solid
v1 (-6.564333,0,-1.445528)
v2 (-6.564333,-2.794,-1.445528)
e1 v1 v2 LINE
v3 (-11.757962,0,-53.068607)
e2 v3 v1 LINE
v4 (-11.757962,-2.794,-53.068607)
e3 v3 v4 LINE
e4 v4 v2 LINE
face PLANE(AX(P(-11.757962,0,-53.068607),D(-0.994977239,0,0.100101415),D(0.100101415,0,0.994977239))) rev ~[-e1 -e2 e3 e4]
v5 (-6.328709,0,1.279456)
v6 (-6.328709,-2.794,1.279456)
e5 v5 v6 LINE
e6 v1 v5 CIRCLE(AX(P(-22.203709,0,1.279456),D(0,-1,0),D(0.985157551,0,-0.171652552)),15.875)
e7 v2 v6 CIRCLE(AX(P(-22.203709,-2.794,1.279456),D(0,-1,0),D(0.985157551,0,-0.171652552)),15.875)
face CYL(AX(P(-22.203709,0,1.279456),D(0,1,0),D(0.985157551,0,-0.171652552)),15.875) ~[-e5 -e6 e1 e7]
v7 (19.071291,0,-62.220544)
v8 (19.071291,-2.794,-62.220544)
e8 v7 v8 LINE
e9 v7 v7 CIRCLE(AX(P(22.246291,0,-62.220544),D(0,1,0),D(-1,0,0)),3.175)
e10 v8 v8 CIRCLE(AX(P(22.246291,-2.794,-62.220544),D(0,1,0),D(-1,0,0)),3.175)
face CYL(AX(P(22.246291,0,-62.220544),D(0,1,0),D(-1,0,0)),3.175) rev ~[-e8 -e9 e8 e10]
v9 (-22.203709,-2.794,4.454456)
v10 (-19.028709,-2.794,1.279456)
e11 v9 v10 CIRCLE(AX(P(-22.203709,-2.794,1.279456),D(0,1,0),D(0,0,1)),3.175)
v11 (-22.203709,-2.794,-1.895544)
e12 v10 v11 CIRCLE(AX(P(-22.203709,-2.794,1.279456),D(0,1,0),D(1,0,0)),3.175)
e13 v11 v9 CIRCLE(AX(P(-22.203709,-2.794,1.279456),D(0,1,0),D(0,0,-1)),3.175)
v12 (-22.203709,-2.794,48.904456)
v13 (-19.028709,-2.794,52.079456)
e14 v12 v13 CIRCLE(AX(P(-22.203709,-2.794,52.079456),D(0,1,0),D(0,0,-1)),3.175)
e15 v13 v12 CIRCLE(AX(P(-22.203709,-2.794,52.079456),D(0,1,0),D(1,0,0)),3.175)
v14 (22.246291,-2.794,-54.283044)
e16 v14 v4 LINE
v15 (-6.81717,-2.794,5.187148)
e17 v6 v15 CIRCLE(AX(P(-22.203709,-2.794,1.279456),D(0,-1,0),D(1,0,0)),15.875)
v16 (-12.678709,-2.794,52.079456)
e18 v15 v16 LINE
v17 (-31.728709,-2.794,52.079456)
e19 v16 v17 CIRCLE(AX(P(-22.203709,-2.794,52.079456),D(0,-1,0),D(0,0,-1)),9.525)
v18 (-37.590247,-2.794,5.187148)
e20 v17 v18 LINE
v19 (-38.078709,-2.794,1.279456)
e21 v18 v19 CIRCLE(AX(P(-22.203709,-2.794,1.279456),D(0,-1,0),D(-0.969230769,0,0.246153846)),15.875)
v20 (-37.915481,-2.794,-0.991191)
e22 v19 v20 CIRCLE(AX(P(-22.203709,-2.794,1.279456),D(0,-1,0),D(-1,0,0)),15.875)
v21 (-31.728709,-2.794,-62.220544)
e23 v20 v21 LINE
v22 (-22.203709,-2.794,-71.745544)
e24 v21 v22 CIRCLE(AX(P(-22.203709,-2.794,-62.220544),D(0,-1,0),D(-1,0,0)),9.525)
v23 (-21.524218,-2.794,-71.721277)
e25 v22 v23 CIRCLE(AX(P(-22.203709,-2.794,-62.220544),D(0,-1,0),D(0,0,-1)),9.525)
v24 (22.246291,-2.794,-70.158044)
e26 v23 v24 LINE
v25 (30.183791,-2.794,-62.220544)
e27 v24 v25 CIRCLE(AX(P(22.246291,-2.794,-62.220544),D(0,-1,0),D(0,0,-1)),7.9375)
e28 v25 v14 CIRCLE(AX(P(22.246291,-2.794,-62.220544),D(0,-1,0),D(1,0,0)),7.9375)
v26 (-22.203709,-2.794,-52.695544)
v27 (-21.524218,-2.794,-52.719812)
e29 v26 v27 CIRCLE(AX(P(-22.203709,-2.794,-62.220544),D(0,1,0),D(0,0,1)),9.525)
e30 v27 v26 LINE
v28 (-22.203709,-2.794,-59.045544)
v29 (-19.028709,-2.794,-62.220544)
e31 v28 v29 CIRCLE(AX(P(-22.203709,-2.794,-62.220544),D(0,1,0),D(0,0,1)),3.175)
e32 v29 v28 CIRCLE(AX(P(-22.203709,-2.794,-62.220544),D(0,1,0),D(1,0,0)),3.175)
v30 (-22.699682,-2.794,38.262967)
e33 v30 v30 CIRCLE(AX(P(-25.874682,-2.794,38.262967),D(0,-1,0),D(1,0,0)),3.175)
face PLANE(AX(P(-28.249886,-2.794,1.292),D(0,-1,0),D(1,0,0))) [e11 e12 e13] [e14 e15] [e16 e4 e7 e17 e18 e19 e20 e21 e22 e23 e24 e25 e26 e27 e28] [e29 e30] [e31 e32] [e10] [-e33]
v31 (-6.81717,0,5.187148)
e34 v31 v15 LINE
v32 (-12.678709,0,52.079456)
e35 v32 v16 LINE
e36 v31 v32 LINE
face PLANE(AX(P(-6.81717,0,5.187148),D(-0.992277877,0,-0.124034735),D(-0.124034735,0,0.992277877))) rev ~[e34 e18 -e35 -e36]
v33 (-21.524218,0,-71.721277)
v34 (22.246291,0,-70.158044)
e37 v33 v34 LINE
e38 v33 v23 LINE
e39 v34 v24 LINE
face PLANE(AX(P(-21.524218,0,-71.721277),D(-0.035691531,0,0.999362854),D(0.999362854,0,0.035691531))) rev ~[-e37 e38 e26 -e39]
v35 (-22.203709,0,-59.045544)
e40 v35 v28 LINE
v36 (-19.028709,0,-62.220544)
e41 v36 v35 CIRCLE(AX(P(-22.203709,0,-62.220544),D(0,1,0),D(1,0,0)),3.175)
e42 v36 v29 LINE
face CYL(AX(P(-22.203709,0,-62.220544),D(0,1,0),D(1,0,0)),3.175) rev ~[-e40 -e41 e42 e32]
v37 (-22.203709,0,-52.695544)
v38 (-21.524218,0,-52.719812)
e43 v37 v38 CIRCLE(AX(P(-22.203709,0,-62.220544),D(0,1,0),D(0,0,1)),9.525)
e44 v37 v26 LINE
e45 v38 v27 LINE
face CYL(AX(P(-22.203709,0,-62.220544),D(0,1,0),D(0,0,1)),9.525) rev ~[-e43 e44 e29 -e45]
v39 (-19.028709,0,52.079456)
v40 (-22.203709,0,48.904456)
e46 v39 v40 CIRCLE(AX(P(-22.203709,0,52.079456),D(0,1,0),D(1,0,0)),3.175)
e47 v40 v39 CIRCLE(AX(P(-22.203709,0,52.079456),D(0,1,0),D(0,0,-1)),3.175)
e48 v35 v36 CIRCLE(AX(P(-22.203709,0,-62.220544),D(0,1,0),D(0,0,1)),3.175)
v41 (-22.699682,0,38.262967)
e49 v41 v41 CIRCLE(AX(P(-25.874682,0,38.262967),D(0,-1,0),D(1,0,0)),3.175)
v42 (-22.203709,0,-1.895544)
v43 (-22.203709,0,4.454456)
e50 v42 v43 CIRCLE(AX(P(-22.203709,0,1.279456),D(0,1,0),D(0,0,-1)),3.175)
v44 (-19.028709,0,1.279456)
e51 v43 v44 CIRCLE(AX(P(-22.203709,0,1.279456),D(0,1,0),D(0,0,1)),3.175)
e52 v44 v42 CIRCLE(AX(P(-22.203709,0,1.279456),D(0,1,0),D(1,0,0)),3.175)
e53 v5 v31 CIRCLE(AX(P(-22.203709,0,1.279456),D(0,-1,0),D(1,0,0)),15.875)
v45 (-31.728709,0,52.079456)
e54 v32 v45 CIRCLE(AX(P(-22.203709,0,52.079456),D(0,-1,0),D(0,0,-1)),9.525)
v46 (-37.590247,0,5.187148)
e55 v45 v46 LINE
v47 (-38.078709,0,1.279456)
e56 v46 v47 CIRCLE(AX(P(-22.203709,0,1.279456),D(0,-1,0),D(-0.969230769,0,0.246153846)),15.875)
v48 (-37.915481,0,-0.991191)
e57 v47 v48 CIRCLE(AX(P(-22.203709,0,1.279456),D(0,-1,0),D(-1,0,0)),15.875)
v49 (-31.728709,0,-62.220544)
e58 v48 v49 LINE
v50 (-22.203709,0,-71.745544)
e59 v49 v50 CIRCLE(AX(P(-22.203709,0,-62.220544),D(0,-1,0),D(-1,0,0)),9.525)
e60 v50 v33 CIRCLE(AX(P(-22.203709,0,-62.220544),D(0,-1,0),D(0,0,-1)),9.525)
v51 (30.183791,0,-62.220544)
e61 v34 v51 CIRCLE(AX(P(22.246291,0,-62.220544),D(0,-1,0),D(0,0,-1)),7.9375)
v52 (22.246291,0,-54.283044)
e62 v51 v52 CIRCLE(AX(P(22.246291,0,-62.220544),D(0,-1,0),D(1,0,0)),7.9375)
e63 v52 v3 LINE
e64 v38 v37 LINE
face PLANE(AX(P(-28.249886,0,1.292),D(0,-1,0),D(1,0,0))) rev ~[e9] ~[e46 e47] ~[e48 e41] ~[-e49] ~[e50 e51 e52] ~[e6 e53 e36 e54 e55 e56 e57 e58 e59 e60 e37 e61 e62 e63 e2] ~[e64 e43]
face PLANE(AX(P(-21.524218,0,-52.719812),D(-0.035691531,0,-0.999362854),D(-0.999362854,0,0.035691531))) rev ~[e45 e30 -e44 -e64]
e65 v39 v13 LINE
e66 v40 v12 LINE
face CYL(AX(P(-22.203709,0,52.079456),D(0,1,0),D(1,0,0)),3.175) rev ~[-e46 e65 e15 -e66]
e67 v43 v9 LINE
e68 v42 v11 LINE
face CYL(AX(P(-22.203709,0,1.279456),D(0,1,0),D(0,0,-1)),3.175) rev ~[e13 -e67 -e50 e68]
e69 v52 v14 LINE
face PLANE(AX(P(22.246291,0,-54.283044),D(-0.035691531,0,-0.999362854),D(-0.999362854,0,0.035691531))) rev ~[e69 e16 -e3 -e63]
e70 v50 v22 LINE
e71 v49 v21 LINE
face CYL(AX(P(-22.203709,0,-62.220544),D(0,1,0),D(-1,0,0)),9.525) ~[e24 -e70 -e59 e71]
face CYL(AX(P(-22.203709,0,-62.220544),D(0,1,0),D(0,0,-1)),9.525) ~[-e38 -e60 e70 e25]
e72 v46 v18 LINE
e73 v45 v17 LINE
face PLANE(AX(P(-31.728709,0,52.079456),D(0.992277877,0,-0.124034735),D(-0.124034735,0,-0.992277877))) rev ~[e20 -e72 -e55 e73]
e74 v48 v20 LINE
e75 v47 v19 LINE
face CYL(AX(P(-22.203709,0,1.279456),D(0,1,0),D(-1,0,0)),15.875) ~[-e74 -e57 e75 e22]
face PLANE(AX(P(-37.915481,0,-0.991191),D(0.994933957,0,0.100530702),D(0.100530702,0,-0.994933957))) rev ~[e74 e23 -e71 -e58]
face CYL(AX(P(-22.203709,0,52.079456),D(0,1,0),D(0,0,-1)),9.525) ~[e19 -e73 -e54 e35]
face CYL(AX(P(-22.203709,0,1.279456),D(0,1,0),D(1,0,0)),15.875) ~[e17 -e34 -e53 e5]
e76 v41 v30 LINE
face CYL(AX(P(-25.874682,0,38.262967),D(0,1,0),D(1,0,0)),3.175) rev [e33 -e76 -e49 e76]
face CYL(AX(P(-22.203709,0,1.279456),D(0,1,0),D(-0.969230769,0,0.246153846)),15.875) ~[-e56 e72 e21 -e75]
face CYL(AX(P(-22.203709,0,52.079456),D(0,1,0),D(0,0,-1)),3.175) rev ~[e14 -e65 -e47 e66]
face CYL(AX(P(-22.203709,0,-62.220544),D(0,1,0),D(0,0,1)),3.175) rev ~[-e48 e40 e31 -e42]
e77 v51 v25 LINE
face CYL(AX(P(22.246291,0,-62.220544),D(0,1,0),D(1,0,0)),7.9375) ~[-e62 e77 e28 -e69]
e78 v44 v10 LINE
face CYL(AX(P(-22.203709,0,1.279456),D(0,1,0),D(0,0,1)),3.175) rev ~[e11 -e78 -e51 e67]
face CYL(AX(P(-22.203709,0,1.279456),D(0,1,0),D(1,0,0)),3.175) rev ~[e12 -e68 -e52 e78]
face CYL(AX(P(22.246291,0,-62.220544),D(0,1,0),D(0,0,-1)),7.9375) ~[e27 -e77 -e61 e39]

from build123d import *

# Parameters (mm, degrees)
F0_R     = 3.175
F1_DEPTH = 2.794


with BuildPart() as f1:
    # F0 (on Front) → F1 (new body)
    with BuildSketch(Plane.XZ):
        with BuildLine():
            Line((-37.5902472441, 5.1871481091), (-38.0787087825, 1.2794558015))
            ThreePointArc((-38.0787087825, 1.2794558015), (-38.0378492862, 0.1412029688), (-37.9154811276, -0.9911905332))
            ThreePointArc((-37.9154811276, -0.9911905332), (-32.5952706102, -10.7218386196), (-22.2037087825, -14.5955441985))
            Line((-22.2037087825, -14.5955441985), (-22.2037087825, -1.8955441985))
            ThreePointArc((-22.2037087825, -1.8955441985), (-25.3787087825, 1.2794558015), (-22.2037087825, 4.4544558015))
            Line((-22.2037087825, 4.4544558015), (-22.2037087825, 17.1544558015))
            ThreePointArc((-22.2037087825, 17.1544558015), (-31.9500160221, 13.8104222523), (-37.5902472441, 5.1871481091))
        make_face()
        with BuildLine():
            ThreePointArc((-37.5902472441, 5.1871481091), (-37.9561200754, 3.2485072131), (-38.0787087825, 1.2794558015))
            Line((-38.0787087825, 1.2794558015), (-37.5902472441, 5.1871481091))
        make_face()
        with BuildLine():
            ThreePointArc((-22.2037087825, -14.5955441985), (-32.5952706102, -10.7218386196), (-37.9154811276, -0.9911905332))
            Line((-37.9154811276, -0.9911905332), (-31.7287087825, -62.2205441985))
            ThreePointArc((-31.7287087825, -62.2205441985), (-28.9389008733, -55.4853521077), (-22.2037087825, -52.6955441985))
            Line((-22.2037087825, -52.6955441985), (-22.2037087825, -14.5955441985))
        make_face()
        with BuildLine():
            Line((-31.7287087825, 52.0794558015), (-37.5902472441, 5.1871481091))
            ThreePointArc((-37.5902472441, 5.1871481091), (-31.9500160221, 13.8104222523), (-22.2037087825, 17.1544558015))
            Line((-22.2037087825, 17.1544558015), (-22.2037087825, 38.2629670203))
            Line((-22.2037087825, 38.2629670203), (-22.2037087825, 42.5544558015))
            ThreePointArc((-22.2037087825, 42.5544558015), (-28.9389008733, 45.3442637107), (-31.7287087825, 52.0794558015))
        make_face()
        with Locations((-25.8746817708, 38.2629670203)):
            Circle(F0_R, mode=Mode.SUBTRACT)
        with BuildLine():
            Line((-22.2037087825, -1.8955441985), (-22.2037087825, -14.5955441985))
            ThreePointArc((-22.2037087825, -14.5955441985), (-11.9871413621, -10.871156329), (-6.5643326528, -1.4455284687))
            ThreePointArc((-6.5643326528, -1.4455284687), (-6.3877244461, -0.0881203281), (-6.3287087825, 1.2794558015))
            Line((-6.3287087825, 1.2794558015), (-6.817170321, 5.1871481091))
            ThreePointArc((-6.817170321, 5.1871481091), (-12.457401543, 13.8104222523), (-22.2037087825, 17.1544558015))
            Line((-22.2037087825, 17.1544558015), (-22.2037087825, 4.4544558015))
            ThreePointArc((-22.2037087825, 4.4544558015), (-19.9586447523, 3.5245198317), (-19.0287087825, 1.2794558015))
            ThreePointArc((-19.0287087825, 1.2794558015), (-19.9586447523, -0.9656082288), (-22.2037087825, -1.8955441985))
        make_face()
        with BuildLine():
            ThreePointArc((-6.5643326528, -1.4455284687), (-11.9871413621, -10.871156329), (-22.2037087825, -14.5955441985))
            Line((-22.2037087825, -14.5955441985), (-22.2037087825, -52.6955441985))
            ThreePointArc((-22.2037087825, -52.6955441985), (-21.8637469544, -52.7016130109), (-21.5242183367, -52.7198117145))
            Line((-21.5242183367, -52.7198117145), (-11.7579621852, -53.068606577))
            Line((-11.7579621852, -53.068606577), (-6.5643326528, -1.4455284687))
        make_face()
        with BuildLine():
            ThreePointArc((-22.2037087825, -52.6955441985), (-28.9389008733, -55.4853521077), (-31.7287087825, -62.2205441985))
            ThreePointArc((-31.7287087825, -62.2205441985), (-28.9389008733, -68.9557362893), (-22.2037087825, -71.7455441985))
            Line((-22.2037087825, -71.7455441985), (-21.5242183367, -71.7212766826))
            ThreePointArc((-21.5242183367, -71.7212766826), (-15.2324186761, -68.711055677), (-12.6787087825, -62.2205441985))
            Line((-12.6787087825, -62.2205441985), (-19.0287087825, -62.2205441985))
            ThreePointArc((-19.0287087825, -62.2205441985), (-24.4487728128, -64.4656082288), (-22.2037087825, -59.0455441985))
            Line((-22.2037087825, -59.0455441985), (-22.2037087825, -52.6955441985))
        make_face()
        with BuildLine():
            Line((-22.2037087825, 38.2629670203), (-22.2037087825, 17.1544558015))
            ThreePointArc((-22.2037087825, 17.1544558015), (-12.457401543, 13.8104222523), (-6.817170321, 5.1871481091))
            Line((-6.817170321, 5.1871481091), (-12.6787087825, 52.0794558015))
            ThreePointArc((-12.6787087825, 52.0794558015), (-15.4685166917, 45.3442637107), (-22.2037087825, 42.5544558015))
            Line((-22.2037087825, 42.5544558015), (-22.2037087825, 38.2629670203))
        make_face()
        with BuildLine():
            ThreePointArc((-12.6787087825, 52.0794558015), (-22.2037087825, 61.6044558015), (-31.7287087825, 52.0794558015))
            ThreePointArc((-31.7287087825, 52.0794558015), (-28.9389008733, 45.3442637107), (-22.2037087825, 42.5544558015))
            ThreePointArc((-22.2037087825, 42.5544558015), (-15.4685166917, 45.3442637107), (-12.6787087825, 52.0794558015))
        make_face()
        with BuildLine():
            ThreePointArc((-19.0287087825, 52.0794558015), (-19.9586447523, 49.8343917712), (-22.2037087825, 48.9044558015))
            ThreePointArc((-22.2037087825, 48.9044558015), (-24.4487728128, 54.3245198317), (-19.0287087825, 52.0794558015))
        make_face(mode=Mode.SUBTRACT)
        with BuildLine():
            Line((-21.5242183367, -71.7212766826), (-22.2037087825, -71.7455441985))
            ThreePointArc((-22.2037087825, -71.7455441985), (-21.8637469544, -71.7394753862), (-21.5242183367, -71.7212766826))
        make_face()
        with BuildLine():
            ThreePointArc((-6.3287087825, 1.2794558015), (-6.4512974897, 3.2485072131), (-6.817170321, 5.1871481091))
            Line((-6.817170321, 5.1871481091), (-6.3287087825, 1.2794558015))
        make_face()
        with BuildLine():
            Line((22.2462912175, -54.2830441985), (-11.7579621852, -53.068606577))
            Line((-11.7579621852, -53.068606577), (-12.6787087825, -62.2205441985))
            Line((-12.6787087825, -62.2205441985), (14.3087912175, -62.2205441985))
            ThreePointArc((14.3087912175, -62.2205441985), (16.6336311418, -56.6078841229), (22.2462912175, -54.2830441985))
        make_face()
        with BuildLine():
            Line((-12.6787087825, -62.2205441985), (-11.7579621852, -53.068606577))
            Line((-11.7579621852, -53.068606577), (-21.5242183367, -52.7198117145))
            ThreePointArc((-21.5242183367, -52.7198117145), (-15.2324186761, -55.7300327201), (-12.6787087825, -62.2205441985))
        make_face()
        with BuildLine():
            ThreePointArc((-12.6787087825, -62.2205441985), (-15.2324186761, -68.711055677), (-21.5242183367, -71.7212766826))
            Line((-21.5242183367, -71.7212766826), (22.2462912175, -70.1580441985))
            ThreePointArc((22.2462912175, -70.1580441985), (16.6336311418, -67.8332042742), (14.3087912175, -62.2205441985))
            Line((14.3087912175, -62.2205441985), (-12.6787087825, -62.2205441985))
        make_face()
        with BuildLine():
            ThreePointArc((30.1837912175, -62.2205441985), (27.8589512931, -56.6078841229), (22.2462912175, -54.2830441985))
            ThreePointArc((22.2462912175, -54.2830441985), (16.6336311418, -56.6078841229), (14.3087912175, -62.2205441985))
            ThreePointArc((14.3087912175, -62.2205441985), (16.6336311418, -67.8332042742), (22.2462912175, -70.1580441985))
            ThreePointArc((22.2462912175, -70.1580441985), (27.8589512931, -67.8332042742), (30.1837912175, -62.2205441985))
        make_face()
        with BuildLine():
            ThreePointArc((25.4212912175, -62.2205441985), (22.2462912175, -65.3955441985), (19.0712912175, -62.2205441985))
            ThreePointArc((19.0712912175, -62.2205441985), (22.2462912175, -59.0455441985), (25.4212912175, -62.2205441985))
        make_face(mode=Mode.SUBTRACT)
        with BuildLine():
            Line((-21.5242183367, -52.7198117145), (-22.2037087825, -52.6955441985))
            Line((-22.2037087825, -52.6955441985), (-22.2037087825, -59.0455441985))
            ThreePointArc((-22.2037087825, -59.0455441985), (-19.9586447523, -59.9754801683), (-19.0287087825, -62.2205441985))
            Line((-19.0287087825, -62.2205441985), (-12.6787087825, -62.2205441985))
            ThreePointArc((-12.6787087825, -62.2205441985), (-15.2324186761, -55.7300327201), (-21.5242183367, -52.7198117145))
        make_face()
    extrude(amount=F1_DEPTH)


solid = f1.part
